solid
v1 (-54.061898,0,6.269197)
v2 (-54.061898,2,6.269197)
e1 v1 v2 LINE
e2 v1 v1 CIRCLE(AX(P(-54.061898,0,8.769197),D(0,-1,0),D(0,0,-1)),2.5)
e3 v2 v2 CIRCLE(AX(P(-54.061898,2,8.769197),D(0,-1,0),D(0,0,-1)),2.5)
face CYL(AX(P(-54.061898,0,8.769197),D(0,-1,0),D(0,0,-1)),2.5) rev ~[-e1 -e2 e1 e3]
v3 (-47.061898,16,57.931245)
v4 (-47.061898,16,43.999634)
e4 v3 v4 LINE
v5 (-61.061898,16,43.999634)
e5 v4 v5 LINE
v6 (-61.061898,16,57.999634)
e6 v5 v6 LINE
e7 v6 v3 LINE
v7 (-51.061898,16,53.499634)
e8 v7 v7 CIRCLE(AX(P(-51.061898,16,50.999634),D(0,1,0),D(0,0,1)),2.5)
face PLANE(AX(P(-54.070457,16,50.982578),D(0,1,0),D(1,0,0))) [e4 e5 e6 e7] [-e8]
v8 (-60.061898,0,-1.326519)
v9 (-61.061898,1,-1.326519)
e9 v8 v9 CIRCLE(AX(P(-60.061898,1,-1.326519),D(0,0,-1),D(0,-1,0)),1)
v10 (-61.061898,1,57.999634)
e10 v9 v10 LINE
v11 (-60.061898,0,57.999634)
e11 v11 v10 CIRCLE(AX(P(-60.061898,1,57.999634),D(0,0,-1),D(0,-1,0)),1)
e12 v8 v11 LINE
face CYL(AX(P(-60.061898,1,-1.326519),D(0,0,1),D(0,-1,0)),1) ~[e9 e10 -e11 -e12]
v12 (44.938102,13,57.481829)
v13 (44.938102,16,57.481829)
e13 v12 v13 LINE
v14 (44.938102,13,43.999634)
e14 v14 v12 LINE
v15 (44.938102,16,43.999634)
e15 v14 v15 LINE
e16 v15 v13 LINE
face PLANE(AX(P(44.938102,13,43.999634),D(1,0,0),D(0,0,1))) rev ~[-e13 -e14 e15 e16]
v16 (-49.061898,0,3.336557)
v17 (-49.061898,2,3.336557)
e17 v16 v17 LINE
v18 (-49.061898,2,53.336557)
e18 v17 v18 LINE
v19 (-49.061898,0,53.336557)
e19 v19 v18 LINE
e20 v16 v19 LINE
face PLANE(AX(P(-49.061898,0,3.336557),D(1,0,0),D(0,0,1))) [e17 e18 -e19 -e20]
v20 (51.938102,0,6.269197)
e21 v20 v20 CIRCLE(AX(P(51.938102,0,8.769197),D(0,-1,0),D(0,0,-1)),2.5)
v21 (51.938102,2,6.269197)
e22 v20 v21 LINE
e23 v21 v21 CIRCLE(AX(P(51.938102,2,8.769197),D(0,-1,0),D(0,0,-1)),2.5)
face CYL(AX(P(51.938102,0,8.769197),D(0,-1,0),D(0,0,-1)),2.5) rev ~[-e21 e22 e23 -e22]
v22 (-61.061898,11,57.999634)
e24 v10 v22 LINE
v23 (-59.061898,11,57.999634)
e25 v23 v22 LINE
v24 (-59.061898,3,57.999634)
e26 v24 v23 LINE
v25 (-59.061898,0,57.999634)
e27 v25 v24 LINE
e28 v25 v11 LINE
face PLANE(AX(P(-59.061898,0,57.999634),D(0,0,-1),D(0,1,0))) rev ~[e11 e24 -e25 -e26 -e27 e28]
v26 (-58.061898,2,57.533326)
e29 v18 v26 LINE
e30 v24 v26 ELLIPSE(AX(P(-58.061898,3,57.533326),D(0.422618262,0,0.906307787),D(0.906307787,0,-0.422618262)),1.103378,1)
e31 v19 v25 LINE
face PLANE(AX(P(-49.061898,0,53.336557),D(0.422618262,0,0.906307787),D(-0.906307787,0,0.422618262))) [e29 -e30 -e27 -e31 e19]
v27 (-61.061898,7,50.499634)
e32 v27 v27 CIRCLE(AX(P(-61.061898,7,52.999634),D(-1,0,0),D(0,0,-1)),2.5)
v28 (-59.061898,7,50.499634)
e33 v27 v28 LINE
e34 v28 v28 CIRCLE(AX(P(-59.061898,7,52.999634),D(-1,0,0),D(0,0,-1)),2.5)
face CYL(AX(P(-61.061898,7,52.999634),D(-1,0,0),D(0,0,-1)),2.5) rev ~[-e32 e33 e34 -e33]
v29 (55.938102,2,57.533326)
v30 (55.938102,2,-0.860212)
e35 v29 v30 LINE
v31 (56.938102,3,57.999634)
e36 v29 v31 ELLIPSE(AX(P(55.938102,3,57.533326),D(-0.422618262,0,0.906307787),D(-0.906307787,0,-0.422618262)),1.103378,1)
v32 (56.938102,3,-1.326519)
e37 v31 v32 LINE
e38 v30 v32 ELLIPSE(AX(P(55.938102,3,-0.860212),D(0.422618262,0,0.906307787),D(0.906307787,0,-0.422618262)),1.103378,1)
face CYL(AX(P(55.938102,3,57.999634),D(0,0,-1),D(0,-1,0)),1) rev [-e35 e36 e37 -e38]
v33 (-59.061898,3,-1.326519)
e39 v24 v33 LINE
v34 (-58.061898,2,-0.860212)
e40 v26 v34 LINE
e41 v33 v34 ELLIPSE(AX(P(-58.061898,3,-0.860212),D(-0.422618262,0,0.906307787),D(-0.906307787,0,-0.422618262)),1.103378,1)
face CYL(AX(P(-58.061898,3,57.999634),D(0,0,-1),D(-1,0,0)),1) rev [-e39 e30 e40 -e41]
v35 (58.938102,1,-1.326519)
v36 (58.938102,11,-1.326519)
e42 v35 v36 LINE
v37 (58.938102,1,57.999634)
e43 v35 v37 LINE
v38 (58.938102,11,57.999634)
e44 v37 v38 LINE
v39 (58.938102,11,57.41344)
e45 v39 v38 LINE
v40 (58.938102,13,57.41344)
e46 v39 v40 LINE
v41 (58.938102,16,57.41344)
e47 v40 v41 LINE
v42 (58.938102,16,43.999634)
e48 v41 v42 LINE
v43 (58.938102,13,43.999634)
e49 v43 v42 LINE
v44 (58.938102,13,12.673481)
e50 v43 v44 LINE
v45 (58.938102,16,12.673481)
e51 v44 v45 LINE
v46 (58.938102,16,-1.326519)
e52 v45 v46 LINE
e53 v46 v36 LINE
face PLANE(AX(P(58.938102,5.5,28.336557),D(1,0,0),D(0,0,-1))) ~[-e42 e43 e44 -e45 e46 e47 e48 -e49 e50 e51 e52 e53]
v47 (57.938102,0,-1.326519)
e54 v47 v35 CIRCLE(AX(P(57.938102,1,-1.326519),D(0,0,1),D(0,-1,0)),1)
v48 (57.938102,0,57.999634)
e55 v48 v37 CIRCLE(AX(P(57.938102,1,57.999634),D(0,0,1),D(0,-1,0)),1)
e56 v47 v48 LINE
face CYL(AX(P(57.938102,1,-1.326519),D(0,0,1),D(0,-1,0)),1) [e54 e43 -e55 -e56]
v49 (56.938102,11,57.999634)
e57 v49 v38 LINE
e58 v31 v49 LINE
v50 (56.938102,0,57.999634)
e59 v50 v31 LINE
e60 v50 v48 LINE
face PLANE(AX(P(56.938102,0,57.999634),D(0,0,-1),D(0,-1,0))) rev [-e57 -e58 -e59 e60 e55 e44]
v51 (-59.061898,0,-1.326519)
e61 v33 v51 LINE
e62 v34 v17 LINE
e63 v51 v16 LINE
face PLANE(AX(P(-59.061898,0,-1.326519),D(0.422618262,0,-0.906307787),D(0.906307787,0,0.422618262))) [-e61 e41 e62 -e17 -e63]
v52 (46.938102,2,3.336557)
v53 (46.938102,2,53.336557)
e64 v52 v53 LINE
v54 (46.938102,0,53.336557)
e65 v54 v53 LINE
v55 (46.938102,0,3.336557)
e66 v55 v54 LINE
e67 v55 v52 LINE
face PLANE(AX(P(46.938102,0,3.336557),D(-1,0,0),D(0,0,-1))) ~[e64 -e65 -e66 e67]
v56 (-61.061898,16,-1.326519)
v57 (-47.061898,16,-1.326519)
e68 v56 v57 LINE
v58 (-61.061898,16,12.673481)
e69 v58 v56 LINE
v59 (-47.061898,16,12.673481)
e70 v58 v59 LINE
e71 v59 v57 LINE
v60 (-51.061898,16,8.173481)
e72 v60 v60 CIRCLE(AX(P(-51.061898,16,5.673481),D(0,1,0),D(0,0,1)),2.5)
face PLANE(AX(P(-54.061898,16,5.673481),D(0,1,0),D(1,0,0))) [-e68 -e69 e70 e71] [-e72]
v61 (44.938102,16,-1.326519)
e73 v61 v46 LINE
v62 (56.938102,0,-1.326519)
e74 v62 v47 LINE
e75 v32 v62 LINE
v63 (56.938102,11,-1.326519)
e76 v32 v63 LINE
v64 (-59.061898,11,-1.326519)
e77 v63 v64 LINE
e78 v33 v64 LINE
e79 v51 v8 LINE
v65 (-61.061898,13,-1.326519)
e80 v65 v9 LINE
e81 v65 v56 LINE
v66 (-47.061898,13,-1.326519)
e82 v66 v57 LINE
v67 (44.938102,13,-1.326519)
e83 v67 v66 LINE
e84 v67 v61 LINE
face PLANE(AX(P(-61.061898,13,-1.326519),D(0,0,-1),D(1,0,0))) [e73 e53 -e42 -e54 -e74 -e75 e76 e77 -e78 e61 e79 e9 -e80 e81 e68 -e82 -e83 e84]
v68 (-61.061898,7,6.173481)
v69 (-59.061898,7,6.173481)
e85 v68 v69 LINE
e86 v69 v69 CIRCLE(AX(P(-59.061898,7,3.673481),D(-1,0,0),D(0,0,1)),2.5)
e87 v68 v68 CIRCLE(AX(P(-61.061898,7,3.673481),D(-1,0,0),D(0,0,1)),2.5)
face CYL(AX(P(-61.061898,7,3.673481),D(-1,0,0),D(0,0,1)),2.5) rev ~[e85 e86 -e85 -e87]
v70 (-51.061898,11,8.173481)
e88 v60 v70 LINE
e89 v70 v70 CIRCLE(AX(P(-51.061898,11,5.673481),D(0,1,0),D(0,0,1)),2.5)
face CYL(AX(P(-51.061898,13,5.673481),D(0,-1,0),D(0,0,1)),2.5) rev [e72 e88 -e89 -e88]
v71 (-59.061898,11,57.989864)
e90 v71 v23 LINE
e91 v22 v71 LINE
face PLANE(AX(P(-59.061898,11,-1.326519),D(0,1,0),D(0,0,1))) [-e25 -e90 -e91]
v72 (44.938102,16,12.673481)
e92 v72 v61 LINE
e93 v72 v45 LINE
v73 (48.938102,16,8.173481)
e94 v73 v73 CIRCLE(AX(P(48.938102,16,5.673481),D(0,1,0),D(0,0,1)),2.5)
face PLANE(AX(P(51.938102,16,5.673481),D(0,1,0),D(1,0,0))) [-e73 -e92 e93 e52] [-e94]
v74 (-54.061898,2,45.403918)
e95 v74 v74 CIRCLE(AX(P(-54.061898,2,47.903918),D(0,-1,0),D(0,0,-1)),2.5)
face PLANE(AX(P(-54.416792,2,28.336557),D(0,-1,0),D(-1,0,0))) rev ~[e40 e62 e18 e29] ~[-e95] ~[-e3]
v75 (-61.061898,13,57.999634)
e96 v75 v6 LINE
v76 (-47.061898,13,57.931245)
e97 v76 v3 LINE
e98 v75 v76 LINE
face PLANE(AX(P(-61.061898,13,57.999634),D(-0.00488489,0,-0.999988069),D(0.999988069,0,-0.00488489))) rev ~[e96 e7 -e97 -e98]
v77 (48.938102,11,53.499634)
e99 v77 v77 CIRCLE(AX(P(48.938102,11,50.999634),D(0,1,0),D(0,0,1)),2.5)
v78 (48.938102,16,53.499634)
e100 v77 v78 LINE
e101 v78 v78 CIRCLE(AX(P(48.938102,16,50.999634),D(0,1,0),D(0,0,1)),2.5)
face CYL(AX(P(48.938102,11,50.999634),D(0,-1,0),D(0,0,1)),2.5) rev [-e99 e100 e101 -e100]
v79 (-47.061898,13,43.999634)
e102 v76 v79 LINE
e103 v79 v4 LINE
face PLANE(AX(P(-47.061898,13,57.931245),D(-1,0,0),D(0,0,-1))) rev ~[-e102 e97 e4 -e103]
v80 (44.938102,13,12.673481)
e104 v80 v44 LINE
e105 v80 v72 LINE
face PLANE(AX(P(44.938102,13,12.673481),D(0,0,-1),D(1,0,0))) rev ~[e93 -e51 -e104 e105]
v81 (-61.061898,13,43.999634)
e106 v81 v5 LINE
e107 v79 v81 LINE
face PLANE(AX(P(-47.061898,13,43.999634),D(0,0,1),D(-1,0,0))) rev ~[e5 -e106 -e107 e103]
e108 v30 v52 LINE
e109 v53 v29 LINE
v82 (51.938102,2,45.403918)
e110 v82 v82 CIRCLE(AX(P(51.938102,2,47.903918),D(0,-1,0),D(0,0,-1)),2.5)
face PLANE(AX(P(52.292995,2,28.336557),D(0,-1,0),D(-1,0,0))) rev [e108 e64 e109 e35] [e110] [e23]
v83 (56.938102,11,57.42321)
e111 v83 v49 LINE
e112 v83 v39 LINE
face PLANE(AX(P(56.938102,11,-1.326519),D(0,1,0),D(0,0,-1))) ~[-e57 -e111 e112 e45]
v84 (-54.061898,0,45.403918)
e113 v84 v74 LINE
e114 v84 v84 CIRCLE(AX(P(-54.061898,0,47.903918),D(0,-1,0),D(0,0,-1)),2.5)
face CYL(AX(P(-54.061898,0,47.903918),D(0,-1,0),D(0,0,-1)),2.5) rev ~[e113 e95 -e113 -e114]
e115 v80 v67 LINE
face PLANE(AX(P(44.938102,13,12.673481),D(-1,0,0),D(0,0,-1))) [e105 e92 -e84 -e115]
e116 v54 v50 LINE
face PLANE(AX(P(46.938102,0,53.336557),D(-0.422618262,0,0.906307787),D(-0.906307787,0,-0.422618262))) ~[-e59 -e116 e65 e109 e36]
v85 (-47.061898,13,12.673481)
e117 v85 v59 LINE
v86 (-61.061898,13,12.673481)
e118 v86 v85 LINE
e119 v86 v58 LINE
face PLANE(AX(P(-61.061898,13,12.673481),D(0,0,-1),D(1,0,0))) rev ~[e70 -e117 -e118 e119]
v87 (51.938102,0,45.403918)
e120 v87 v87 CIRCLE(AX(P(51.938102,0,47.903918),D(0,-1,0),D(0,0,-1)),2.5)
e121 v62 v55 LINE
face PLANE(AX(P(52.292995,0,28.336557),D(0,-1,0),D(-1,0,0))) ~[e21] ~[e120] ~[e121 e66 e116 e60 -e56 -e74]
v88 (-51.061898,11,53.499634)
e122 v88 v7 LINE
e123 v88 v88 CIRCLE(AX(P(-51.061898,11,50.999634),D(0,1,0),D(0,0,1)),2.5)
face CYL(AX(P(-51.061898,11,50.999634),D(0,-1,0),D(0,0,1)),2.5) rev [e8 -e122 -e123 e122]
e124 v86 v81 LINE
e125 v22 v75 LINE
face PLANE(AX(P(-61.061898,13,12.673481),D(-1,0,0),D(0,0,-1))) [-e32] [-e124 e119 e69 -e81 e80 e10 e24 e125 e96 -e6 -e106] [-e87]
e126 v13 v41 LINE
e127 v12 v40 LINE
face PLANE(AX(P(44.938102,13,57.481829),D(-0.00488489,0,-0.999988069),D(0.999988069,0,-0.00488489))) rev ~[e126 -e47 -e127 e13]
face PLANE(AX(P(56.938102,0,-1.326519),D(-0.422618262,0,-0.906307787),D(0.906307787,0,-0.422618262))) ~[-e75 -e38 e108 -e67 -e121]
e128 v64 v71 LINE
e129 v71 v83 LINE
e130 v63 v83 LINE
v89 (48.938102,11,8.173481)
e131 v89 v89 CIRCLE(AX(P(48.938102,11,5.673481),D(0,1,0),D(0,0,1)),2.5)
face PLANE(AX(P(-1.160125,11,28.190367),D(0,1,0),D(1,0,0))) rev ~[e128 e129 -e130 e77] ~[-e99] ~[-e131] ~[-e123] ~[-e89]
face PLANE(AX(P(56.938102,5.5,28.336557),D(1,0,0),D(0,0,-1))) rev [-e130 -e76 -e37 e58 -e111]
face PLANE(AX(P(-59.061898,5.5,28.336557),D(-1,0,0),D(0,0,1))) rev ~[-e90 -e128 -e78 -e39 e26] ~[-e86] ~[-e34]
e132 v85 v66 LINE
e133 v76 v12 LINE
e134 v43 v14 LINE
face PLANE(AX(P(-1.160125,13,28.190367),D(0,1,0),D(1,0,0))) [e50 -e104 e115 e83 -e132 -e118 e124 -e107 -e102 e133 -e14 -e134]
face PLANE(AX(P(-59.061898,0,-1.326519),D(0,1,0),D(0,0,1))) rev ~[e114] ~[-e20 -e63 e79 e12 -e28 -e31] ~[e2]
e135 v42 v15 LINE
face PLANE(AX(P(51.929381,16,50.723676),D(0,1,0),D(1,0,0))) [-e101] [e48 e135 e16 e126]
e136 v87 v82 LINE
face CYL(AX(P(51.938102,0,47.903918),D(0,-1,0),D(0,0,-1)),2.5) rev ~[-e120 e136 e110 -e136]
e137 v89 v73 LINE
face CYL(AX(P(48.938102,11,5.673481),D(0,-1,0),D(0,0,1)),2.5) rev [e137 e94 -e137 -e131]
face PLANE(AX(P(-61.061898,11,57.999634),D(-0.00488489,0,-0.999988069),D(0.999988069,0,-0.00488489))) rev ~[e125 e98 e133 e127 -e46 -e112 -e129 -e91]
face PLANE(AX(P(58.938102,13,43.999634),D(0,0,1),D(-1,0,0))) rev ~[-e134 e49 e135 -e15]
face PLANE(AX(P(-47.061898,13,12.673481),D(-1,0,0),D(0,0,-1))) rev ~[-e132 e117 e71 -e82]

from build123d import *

# Parameters (mm, degrees)
BOSS_EXTRUDE1_DEPTH = 2
SKETCH2_W           = 59.326153163
SKETCH2_H           = 11
BOSS_EXTRUDE2_DEPTH = 2
FILLET1_R           = 1
SKETCH3_R           = 2.5
BOSS_EXTRUDE3_DEPTH = 2
FILLET3_R           = 1
SKETCH4_R           = 2.5
CUT_EXTRUDE1_DEPTH  = 2
BOSS_EXTRUDE5_START = 2
SKETCH3_5_W         = 14
SKETCH3_5_H         = 14
SKETCH3_5_R         = 2.5
BOSS_EXTRUDE5_DEPTH = 3
SKETCH5_R           = 2.5
CUT_EXTRUDE2_DEPTH  = 2


with BuildPart() as part:
    # Sketch1 → Boss-Extrude1 (new body)
    with BuildSketch(Plane(origin=(0, 0, 0), x_dir=(1, 0, 0), z_dir=(0, 1, 0))):
        Polygon((-49.061898328, -3.336557388), (-49.061898328, -53.336557388), (-59.061898328, -57.999633969), (-59.061898328, 1.326519194), align=None)
    boss_extrude1 = extrude(amount=BOSS_EXTRUDE1_DEPTH)

    # Sketch2 → Boss-Extrude2 (add)
    with BuildSketch(Plane.ZY.offset(59.061898328)):
        with Locations((28.336557388, 5.5)):
            Rectangle(SKETCH2_W, SKETCH2_H)
    boss_extrude2 = extrude(amount=BOSS_EXTRUDE2_DEPTH)

    # Fillet1
    fillet1_edges = [part.edges().sort_by_distance(p)[0] for p in [
        (-61.061898328, 0, 28.336557388),
        (-59.061898328, 2, 28.336557388),
    ]]
    fillet(fillet1_edges, radius=FILLET1_R)

    # Sketch3 → Boss-Extrude3 (add)
    with BuildSketch(Plane(origin=(0, 11, 0), x_dir=(1, 0, 0), z_dir=(0, 1, 0))):
        Polygon((-61.061898328, 1.326519194), (-61.061898328, -57.999633969), (58.938101672, -57.413440129), (58.938101672, 1.326519194), align=None)
        with Locations(Location((-51.061898328, -5.673480806, 0), (0, 0, 270))):
            Circle(SKETCH3_R, mode=Mode.SUBTRACT)
        with Locations(Location((48.938101672, -5.673480806, 0), (0, 0, 270))):
            Circle(SKETCH3_R, mode=Mode.SUBTRACT)
        with Locations(Location((-51.061898328, -50.999633969, 0), (0, 0, 270))):
            Circle(SKETCH3_R, mode=Mode.SUBTRACT)
        with Locations(Location((48.938101672, -50.999633969, 0), (0, 0, 270))):
            Circle(SKETCH3_R, mode=Mode.SUBTRACT)
    extrude(amount=BOSS_EXTRUDE3_DEPTH)

    # Mirror1: Boss-Extrude2 across plane
    add(boss_extrude2.mirror(Plane.ZY.offset(1.061898328)))

    # Mirror2: Boss-Extrude1 across plane
    add(boss_extrude1.mirror(Plane.ZY.offset(1.061898328)))

    # Fillet3
    fillet3_edges = [part.edges().sort_by_distance(p)[0] for p in [
        (58.938101672, 0, 28.336557388),
        (56.938101672, 2, 28.336557388),
    ]]
    fillet(fillet3_edges, radius=FILLET3_R)

    # Sketch4 → Cut-Extrude1 (cut)
    with BuildSketch(Plane.ZY.offset(61.061898328)):
        with Locations((3.673480806, 7)):
            Circle(SKETCH4_R)
        with Locations(Location((52.999633969, 7, 0), (0, 0, 180))):
            Circle(SKETCH4_R)
    extrude(amount=-CUT_EXTRUDE1_DEPTH, mode=Mode.SUBTRACT)

    # Sketch3<5> → Boss-Extrude5 (add)
    # profile 1 of 4: a face of its own
    with BuildSketch(Plane(origin=(0, 11, 0), x_dir=(1, 0, 0), z_dir=(0, 1, 0)).offset(BOSS_EXTRUDE5_START)):
        with Locations((-54.061898328, -5.673480806)):
            Rectangle(SKETCH3_5_W, SKETCH3_5_H)
        with Locations(Location((-51.061898328, -5.673480806, 0), (0, 0, 270))):
            Circle(SKETCH3_5_R, mode=Mode.SUBTRACT)
    # profile 2 of 4: a face of its own
    with BuildSketch(Plane(origin=(0, 11, 0), x_dir=(1, 0, 0), z_dir=(0, 1, 0)).offset(BOSS_EXTRUDE5_START)):
        with Locations((51.938101672, -5.673480806)):
            Rectangle(SKETCH3_5_W, SKETCH3_5_H)
        with Locations(Location((48.938101672, -5.673480806, 0), (0, 0, 270))):
            Circle(SKETCH3_5_R, mode=Mode.SUBTRACT)
    # profile 3 of 4: a face of its own
    with BuildSketch(Plane(origin=(0, 11, 0), x_dir=(1, 0, 0), z_dir=(0, 1, 0)).offset(BOSS_EXTRUDE5_START)):
        Polygon((-47.061898328, -43.999633969), (-61.061898328, -43.999633969), (-61.061898328, -57.999633969), (-47.061898328, -57.931244688), align=None)
        with Locations(Location((-51.061898328, -50.999633969, 0), (0, 0, 270))):
            Circle(SKETCH3_5_R, mode=Mode.SUBTRACT)
    # profile 4 of 4: a face of its own
    with BuildSketch(Plane(origin=(0, 11, 0), x_dir=(1, 0, 0), z_dir=(0, 1, 0)).offset(BOSS_EXTRUDE5_START)):
        Polygon((58.938101672, -57.413440129), (58.938101672, -43.999633969), (44.938101672, -43.999633969), (44.938101672, -57.481829411), align=None)
        with Locations(Location((48.938101672, -50.999633969, 0), (0, 0, 270))):
            Circle(SKETCH3_5_R, mode=Mode.SUBTRACT)
    extrude(amount=BOSS_EXTRUDE5_DEPTH)

    # Sketch5 → Cut-Extrude2 (cut)
    with BuildSketch(Plane.XZ):
        with Locations(Location((-54.061898328, 47.903918034, 0), (0, 0, 270))):
            Circle(SKETCH5_R)
        with Locations(Location((51.938101672, 47.903918034, 0), (0, 0, 270))):
            Circle(SKETCH5_R)
        with Locations(Location((51.938101672, 8.769196741, 0), (0, 0, 270))):
            Circle(SKETCH5_R)
        with Locations(Location((-54.061898328, 8.769196741, 0), (0, 0, 270))):
            Circle(SKETCH5_R)
    extrude(amount=-CUT_EXTRUDE2_DEPTH, mode=Mode.SUBTRACT)


solid = part.part
